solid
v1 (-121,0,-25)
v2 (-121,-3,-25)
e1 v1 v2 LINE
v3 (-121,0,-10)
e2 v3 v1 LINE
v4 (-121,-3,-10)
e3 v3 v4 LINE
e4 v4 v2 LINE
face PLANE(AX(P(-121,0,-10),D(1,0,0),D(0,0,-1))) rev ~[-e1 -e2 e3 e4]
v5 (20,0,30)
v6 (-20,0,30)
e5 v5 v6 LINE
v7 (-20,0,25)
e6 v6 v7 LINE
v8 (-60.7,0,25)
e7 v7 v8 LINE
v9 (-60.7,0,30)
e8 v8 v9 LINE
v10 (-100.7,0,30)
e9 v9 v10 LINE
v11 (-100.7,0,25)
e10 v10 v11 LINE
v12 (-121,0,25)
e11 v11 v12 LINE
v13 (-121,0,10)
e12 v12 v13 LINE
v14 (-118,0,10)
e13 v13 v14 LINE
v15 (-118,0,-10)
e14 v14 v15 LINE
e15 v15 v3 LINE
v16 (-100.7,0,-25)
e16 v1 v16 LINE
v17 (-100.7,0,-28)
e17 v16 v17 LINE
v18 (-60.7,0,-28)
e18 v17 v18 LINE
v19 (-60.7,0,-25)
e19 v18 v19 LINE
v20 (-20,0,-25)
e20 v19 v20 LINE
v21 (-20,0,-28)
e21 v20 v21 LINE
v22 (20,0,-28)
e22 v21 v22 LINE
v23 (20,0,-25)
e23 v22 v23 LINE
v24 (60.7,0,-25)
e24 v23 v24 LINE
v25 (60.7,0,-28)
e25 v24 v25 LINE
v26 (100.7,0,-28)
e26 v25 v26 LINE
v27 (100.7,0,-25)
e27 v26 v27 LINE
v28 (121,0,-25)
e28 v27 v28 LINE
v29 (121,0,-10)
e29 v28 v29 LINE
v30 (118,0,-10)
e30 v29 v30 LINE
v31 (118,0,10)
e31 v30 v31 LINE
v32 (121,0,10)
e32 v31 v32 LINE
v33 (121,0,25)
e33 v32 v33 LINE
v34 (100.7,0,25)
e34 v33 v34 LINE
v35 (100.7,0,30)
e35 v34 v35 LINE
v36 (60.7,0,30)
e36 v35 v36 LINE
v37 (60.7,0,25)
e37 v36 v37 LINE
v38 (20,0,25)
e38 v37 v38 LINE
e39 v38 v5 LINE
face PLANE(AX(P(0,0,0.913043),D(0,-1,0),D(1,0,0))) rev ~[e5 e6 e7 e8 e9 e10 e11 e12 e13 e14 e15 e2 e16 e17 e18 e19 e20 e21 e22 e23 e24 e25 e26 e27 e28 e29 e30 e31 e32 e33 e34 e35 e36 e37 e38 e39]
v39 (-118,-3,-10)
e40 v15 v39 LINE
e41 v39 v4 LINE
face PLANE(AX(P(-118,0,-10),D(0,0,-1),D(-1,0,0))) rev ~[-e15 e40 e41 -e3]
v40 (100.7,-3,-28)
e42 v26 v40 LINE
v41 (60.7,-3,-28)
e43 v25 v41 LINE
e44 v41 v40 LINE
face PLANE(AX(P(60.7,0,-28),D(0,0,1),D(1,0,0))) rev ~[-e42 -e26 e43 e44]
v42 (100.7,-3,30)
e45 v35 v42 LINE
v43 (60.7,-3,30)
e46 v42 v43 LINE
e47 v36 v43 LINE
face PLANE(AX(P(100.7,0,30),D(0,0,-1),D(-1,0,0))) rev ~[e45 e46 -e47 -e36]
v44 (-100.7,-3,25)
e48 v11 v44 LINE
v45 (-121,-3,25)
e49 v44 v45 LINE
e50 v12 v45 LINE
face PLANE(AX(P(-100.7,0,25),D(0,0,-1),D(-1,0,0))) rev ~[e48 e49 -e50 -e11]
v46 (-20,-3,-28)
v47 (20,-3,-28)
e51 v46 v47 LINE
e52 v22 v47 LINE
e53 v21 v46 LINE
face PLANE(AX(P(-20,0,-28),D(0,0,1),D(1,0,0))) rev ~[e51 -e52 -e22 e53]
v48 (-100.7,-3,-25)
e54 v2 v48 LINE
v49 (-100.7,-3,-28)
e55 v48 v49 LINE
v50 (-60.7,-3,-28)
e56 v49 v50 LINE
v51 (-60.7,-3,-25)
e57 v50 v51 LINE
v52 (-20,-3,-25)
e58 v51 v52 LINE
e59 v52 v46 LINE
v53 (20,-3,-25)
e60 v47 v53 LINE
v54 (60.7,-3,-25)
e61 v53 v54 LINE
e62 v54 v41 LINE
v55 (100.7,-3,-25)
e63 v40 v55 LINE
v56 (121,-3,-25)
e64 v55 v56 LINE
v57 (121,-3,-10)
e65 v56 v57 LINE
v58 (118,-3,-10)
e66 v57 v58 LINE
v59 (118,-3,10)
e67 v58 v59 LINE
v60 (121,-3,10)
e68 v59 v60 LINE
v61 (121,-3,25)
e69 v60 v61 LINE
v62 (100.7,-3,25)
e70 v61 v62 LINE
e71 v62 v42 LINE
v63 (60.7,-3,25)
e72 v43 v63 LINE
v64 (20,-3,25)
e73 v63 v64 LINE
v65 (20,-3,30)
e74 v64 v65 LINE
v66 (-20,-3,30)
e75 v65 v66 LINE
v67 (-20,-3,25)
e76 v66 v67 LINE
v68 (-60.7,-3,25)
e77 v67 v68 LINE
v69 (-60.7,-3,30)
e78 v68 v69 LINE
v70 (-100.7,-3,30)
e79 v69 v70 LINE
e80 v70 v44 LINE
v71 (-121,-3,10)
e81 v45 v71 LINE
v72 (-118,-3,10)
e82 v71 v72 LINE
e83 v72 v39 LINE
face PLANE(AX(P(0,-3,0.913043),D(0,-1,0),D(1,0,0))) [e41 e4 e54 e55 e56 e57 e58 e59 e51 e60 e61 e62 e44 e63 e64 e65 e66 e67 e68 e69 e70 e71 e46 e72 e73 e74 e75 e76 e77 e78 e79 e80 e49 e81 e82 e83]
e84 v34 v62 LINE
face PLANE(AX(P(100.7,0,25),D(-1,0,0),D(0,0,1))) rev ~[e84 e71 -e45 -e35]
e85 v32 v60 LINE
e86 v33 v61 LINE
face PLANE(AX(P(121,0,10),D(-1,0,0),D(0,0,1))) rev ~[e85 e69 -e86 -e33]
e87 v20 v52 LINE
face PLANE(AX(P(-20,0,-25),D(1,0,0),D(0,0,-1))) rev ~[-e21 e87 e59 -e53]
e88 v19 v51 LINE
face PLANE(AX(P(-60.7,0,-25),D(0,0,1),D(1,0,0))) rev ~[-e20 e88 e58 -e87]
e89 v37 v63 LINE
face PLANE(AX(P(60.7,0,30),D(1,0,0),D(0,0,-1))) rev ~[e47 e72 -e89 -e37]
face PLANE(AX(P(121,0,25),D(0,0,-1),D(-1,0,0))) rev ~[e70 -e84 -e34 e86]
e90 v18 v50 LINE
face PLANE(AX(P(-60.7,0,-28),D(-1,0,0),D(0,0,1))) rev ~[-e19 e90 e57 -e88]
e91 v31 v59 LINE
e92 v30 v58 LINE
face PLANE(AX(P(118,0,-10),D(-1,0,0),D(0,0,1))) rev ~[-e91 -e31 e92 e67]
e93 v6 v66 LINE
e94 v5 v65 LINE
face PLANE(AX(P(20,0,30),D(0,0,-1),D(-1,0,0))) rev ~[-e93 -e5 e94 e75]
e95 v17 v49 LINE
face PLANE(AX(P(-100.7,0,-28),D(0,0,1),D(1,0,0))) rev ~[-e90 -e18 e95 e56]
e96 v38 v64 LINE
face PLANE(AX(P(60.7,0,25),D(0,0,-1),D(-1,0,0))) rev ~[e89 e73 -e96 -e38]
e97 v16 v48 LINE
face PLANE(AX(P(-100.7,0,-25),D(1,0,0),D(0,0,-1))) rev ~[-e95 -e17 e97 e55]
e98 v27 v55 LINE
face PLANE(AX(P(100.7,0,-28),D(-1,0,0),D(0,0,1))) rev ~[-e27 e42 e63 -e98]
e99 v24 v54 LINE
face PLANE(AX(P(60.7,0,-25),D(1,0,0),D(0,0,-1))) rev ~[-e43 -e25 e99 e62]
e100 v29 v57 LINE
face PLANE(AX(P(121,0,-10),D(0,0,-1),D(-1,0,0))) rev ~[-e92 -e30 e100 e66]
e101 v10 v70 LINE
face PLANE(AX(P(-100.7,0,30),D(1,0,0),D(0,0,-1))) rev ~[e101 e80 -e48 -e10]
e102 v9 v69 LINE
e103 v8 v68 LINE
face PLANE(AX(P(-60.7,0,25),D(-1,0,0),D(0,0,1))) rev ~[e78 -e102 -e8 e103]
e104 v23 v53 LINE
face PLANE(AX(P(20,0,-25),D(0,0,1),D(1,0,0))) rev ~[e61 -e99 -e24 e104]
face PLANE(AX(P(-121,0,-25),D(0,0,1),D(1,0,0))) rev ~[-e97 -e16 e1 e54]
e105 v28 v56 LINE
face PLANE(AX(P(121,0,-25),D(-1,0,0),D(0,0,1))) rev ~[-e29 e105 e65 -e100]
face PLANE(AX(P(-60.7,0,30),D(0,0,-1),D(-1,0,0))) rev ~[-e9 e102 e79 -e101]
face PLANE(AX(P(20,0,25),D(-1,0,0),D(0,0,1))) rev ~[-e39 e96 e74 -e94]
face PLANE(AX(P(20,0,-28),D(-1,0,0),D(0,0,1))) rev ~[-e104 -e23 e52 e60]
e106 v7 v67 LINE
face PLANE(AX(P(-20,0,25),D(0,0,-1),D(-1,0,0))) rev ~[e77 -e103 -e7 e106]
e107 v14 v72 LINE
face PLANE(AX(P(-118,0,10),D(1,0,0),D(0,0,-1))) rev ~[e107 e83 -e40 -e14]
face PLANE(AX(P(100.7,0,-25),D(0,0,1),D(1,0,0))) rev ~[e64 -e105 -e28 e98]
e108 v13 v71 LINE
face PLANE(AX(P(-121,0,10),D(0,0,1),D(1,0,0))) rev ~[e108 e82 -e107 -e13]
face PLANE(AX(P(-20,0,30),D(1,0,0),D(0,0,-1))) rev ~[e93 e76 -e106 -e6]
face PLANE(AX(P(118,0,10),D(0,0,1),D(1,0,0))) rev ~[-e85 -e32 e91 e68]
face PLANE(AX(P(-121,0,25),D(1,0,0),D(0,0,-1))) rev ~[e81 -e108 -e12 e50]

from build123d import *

# Parameters (mm, degrees)
F1_DEPTH = 3


with BuildPart() as f1:
    # F0 (on Front) → F1 (new body)
    with BuildSketch(Plane.XZ):
        Polygon((100.7, -25), (121, -25), (121, -10), (118, -10), (118, 10), (121, 10), (121, 25), (100.7, 25), (100.7, 28), (100.7, 30), (60.7, 30), (60.7, 28), (60.7, 25), (20, 25), (20, 28), (20, 30), (-20, 30), (-20, 28), (-20, 25), (-60.7, 25), (-60.7, 28), (-60.7, 30), (-100.7, 30), (-100.7, 28), (-100.7, 25), (-121, 25), (-121, 10), (-118, 10), (-118, -10), (-121, -10), (-121, -25), (-100.7, -25), (-100.7, -28), (-60.7, -28), (-60.7, -25), (-20, -25), (-20, -28), (20, -28), (20, -25), (60.7, -25), (60.7, -28), (100.7, -28), align=None)
    extrude(amount=F1_DEPTH)


solid = f1.part
